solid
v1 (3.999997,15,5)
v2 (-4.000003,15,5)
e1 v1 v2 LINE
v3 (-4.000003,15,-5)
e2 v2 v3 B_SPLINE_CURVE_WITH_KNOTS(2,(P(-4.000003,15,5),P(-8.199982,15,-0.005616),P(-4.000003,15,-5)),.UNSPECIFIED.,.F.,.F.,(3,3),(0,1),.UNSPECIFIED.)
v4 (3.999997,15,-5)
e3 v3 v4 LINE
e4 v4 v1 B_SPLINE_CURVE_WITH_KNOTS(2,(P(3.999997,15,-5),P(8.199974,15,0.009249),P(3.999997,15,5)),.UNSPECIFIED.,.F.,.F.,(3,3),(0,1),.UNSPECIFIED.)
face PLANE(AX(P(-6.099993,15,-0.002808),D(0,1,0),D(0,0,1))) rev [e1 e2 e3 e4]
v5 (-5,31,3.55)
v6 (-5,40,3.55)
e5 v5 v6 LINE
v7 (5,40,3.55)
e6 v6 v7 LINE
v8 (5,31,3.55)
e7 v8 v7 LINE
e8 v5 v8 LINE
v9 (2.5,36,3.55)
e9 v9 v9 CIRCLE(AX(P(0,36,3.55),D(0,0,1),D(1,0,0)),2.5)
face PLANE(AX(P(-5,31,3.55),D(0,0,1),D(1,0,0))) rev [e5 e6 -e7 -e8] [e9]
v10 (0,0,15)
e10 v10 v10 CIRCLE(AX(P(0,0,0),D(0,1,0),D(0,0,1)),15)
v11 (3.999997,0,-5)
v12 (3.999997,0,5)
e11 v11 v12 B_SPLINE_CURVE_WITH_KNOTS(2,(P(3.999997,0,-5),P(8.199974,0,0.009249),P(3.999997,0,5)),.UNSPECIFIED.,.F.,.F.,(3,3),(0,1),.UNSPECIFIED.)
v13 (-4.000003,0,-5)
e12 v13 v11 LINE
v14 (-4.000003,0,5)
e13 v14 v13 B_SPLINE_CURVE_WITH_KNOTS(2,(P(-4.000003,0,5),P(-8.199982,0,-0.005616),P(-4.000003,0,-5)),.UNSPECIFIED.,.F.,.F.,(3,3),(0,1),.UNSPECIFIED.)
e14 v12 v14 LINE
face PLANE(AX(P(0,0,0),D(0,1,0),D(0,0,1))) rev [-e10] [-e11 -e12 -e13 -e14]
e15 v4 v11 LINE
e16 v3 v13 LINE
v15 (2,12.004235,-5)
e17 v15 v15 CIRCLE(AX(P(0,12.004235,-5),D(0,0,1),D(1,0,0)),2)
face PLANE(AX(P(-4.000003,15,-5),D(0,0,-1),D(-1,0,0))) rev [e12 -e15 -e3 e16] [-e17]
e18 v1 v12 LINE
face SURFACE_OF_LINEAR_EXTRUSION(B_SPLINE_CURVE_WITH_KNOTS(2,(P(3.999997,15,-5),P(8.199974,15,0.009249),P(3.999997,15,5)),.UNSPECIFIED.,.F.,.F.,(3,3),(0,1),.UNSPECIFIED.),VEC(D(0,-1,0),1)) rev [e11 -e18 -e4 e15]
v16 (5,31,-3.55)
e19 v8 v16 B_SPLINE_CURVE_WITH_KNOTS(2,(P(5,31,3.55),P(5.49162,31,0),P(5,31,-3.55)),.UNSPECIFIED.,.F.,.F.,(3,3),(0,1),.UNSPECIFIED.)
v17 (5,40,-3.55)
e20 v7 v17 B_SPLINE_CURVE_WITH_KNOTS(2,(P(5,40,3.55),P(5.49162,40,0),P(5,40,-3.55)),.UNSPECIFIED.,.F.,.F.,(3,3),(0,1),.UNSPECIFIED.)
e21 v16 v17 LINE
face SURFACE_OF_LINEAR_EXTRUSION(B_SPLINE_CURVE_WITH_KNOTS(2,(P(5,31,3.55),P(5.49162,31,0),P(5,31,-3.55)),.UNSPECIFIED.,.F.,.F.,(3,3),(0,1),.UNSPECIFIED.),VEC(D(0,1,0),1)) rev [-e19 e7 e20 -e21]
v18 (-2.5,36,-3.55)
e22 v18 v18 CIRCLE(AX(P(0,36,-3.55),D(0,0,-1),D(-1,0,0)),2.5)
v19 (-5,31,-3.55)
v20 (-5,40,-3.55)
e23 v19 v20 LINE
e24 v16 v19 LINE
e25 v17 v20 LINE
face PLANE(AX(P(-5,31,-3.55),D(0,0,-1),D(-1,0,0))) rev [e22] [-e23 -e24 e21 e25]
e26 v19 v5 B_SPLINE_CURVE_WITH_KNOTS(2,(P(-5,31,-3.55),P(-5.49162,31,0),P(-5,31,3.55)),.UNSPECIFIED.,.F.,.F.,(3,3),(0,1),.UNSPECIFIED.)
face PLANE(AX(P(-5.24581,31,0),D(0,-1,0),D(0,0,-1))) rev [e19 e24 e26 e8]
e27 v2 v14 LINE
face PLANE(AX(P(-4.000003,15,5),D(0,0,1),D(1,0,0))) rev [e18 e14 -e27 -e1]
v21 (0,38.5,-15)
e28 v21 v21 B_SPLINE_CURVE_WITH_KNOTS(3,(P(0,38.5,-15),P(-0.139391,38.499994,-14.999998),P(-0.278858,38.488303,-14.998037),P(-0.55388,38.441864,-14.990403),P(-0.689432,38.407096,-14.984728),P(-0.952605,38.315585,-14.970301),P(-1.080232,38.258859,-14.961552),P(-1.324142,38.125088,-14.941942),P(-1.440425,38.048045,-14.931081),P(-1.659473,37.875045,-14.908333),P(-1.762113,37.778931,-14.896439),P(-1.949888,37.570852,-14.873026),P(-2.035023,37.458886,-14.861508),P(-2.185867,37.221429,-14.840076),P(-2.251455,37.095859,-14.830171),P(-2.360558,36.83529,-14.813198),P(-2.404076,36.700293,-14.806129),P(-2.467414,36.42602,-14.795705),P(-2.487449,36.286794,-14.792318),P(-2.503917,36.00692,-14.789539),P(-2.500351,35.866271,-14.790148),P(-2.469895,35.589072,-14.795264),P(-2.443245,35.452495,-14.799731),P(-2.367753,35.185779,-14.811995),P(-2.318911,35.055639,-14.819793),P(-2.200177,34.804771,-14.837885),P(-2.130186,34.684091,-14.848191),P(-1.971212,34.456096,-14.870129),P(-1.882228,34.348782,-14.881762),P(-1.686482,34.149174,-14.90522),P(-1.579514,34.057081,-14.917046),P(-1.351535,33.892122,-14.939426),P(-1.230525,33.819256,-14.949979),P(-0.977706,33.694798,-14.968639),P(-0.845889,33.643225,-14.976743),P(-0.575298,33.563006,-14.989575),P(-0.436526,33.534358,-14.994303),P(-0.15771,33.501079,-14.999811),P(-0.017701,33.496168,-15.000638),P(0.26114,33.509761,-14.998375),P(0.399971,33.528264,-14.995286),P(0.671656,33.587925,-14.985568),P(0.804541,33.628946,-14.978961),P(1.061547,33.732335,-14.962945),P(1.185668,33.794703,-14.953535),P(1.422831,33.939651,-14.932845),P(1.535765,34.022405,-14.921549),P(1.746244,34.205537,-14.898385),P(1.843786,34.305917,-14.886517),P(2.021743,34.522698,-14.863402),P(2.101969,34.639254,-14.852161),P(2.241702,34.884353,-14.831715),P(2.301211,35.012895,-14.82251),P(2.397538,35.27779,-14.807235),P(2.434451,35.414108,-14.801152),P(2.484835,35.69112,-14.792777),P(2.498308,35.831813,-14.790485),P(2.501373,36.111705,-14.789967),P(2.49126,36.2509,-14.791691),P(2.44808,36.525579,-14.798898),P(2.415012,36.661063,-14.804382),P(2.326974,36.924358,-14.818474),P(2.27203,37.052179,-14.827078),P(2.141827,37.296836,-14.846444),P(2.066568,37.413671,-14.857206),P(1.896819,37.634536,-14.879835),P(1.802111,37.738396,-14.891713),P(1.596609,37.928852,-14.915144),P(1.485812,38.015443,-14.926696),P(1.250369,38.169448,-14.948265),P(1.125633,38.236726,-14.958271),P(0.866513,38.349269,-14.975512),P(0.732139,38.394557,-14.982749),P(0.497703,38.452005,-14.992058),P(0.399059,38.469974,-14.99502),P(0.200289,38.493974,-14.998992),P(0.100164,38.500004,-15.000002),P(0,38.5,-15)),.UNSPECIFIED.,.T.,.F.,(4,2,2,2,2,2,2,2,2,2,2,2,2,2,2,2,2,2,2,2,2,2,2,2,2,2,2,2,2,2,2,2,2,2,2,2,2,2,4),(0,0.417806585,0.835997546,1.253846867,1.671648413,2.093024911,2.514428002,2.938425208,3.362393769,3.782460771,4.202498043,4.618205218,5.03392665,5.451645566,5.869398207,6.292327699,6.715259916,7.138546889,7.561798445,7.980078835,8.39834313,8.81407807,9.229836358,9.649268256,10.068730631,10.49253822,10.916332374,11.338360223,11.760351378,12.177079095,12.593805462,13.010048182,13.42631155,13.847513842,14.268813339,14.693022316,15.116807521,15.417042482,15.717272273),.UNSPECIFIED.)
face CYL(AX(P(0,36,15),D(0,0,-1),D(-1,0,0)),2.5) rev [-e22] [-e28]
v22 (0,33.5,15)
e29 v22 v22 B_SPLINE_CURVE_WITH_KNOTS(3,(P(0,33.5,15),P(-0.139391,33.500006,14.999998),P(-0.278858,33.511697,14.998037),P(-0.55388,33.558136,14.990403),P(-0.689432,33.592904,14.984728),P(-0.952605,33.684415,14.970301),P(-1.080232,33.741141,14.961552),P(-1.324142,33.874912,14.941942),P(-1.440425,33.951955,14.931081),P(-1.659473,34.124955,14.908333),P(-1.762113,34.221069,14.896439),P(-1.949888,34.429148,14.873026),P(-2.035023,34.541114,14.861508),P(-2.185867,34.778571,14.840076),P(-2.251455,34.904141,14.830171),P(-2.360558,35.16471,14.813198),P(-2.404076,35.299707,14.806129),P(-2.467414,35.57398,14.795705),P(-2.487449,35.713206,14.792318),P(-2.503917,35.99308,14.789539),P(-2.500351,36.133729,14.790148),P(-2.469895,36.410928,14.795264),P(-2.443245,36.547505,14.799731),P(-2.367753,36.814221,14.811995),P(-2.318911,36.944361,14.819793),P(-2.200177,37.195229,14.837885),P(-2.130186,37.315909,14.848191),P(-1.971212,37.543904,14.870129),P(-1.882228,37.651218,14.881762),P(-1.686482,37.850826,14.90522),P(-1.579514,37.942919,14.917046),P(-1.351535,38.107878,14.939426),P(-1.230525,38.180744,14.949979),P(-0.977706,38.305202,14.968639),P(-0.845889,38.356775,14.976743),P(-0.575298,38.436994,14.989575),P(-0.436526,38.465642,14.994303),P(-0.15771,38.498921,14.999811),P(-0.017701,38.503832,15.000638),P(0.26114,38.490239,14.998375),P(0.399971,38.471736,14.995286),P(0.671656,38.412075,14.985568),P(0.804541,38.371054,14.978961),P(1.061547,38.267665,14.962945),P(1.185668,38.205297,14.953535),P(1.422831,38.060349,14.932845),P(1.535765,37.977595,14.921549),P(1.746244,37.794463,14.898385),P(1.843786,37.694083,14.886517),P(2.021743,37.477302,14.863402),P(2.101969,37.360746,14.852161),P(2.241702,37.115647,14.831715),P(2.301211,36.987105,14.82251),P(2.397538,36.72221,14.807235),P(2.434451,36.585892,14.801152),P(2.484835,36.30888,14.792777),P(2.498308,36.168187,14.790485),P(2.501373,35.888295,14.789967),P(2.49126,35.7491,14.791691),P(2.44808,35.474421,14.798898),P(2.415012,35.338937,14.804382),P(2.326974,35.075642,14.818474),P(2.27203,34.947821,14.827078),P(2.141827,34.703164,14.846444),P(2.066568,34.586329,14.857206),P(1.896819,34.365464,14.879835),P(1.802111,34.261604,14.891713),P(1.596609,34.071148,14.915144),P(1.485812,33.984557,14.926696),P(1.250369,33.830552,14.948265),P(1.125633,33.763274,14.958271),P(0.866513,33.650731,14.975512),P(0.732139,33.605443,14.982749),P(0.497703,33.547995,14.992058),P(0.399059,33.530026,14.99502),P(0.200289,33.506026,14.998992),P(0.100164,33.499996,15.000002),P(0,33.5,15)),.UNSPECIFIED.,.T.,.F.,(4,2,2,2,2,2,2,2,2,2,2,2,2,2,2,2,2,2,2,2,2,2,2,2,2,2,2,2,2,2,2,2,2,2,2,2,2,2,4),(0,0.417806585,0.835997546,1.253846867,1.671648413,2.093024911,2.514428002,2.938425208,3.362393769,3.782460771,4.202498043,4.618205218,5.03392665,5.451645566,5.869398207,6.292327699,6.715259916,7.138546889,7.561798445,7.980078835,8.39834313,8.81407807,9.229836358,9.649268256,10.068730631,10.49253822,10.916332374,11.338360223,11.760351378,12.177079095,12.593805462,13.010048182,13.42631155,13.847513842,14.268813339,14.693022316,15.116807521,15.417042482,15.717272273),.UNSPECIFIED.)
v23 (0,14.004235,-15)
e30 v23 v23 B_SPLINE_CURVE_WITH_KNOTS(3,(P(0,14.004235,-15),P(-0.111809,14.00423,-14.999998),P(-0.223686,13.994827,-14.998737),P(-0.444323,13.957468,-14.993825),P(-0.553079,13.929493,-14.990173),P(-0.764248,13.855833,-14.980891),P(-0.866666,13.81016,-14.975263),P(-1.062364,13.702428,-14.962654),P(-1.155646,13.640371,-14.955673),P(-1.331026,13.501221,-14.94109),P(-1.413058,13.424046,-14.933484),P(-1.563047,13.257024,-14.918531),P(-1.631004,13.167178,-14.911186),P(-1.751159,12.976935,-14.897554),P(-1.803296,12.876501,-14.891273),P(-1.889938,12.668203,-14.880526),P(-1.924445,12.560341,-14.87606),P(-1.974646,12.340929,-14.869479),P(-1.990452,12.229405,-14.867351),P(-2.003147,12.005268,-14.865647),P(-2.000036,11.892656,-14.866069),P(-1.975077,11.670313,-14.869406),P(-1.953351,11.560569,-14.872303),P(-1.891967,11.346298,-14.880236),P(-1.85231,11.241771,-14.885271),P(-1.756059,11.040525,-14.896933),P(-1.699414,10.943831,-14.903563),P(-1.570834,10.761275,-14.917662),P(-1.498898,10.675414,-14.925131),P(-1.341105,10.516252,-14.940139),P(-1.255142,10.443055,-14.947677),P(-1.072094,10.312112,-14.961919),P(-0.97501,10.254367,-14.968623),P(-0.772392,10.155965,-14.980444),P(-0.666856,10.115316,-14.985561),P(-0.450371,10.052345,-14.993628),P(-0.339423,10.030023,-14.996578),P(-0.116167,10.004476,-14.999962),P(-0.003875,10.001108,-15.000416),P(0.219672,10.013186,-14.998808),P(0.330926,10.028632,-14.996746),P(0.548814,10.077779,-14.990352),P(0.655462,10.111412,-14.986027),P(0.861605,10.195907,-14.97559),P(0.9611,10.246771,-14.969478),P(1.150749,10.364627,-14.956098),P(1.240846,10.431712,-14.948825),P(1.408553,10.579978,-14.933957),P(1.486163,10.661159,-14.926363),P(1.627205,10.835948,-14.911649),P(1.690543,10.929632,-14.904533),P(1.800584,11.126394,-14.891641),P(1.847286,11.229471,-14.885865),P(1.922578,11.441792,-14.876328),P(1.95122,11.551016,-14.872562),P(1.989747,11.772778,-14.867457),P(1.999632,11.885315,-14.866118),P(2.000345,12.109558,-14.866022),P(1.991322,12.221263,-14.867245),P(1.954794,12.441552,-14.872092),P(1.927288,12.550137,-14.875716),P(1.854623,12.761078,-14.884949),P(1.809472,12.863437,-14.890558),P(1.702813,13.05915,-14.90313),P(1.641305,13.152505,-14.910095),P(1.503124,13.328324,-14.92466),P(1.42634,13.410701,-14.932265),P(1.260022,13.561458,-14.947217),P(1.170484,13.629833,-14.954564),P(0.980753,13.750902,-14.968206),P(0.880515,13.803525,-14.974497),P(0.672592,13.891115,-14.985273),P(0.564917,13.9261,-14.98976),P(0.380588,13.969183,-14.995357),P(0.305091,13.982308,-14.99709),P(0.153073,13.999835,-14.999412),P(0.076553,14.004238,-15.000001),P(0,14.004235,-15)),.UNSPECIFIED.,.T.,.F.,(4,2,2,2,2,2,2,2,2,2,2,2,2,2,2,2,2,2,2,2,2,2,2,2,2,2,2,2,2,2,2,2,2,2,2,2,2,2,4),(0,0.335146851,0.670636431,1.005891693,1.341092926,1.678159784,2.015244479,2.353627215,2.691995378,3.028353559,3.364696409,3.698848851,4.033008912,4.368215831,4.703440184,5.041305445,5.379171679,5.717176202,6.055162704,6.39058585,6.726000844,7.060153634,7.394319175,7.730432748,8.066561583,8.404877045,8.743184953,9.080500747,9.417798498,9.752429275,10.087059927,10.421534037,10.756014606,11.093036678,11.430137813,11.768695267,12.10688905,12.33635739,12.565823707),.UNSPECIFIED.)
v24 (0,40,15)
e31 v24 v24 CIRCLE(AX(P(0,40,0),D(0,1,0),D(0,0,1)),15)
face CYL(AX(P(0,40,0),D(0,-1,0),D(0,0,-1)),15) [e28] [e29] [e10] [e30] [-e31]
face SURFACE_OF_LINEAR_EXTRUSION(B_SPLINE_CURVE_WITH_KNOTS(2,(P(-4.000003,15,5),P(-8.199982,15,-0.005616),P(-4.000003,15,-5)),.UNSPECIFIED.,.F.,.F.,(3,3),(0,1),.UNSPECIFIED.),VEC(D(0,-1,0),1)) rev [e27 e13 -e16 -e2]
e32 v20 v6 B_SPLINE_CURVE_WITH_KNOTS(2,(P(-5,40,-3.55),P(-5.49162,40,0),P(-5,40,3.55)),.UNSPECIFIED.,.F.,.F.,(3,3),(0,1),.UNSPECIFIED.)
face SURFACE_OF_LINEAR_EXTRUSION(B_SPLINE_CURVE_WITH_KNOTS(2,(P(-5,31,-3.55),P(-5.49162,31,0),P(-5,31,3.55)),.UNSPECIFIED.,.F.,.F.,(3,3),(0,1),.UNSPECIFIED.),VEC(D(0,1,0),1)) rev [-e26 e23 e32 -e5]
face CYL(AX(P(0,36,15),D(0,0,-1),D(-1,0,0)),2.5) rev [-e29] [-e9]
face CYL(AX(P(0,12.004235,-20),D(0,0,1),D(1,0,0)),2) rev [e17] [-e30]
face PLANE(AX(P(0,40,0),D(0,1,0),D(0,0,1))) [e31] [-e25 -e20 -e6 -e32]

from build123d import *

# Parameters (mm, degrees)
SKETCH1_R               = 15
BOSS_EXTRUDE1_DEPTH     = 40
CUT_EXTRUDE1_DEPTH      = 15
SKETCH3_R               = 2
CUT_EXTRUDE2_DEPTH      = 15
CUT_EXTRUDE3_DEPTH      = 9
SKETCH5_R               = 2.5
CUT_EXTRUDE4_DEPTH      = 19.550000101
CUT_EXTRUDE4_DEPTH_BACK = 12.4500001


with BuildPart() as part:
    # Sketch1 → Boss-Extrude1 (new body)
    with BuildSketch(Plane(origin=(0, 0, 0), x_dir=(1, 0, 0), z_dir=(0, 1, 0))):
        Circle(SKETCH1_R)
    extrude(amount=BOSS_EXTRUDE1_DEPTH)

    # Sketch2 → Cut-Extrude1 (cut)
    with BuildSketch(Plane.XZ):
        with BuildLine():
            Line((-4.000002932, 5), (3.999997068, 5))
            add(Edge.make_bspline(
                [(3.999997068, 5), (8.199974497, 0.009249301), (3.999997068, -5)],
                knots=[0, 0, 0, 1, 1, 1], degree=2))
            Line((3.999997068, -5), (-4.000002932, -5))
            add(Edge.make_bspline(
                [(-4.000002932, 5), (-8.199982148, -0.00561634), (-4.000002932, -5)],
                knots=[0, 0, 0, 1, 1, 1], degree=2))
        make_face()
    extrude(amount=-CUT_EXTRUDE1_DEPTH, mode=Mode.SUBTRACT)

    # Sketch3 → Cut-Extrude2 (cut)
    with BuildSketch(Plane.XY.offset(-5)):
        with Locations((0, 12.004234523)):
            Circle(SKETCH3_R)
    extrude(amount=-CUT_EXTRUDE2_DEPTH, mode=Mode.SUBTRACT)

    # Sketch4 → Cut-Extrude3 (cut)
    with BuildSketch(Plane(origin=(0, 40, 0), x_dir=(1, 0, 0), z_dir=(0, 1, 0))):
        with BuildLine():
            Line((-5, 3.55), (5, 3.55))
            add(Edge.make_bspline(
                [(5, 3.55), (5.491620402, 0), (5, -3.55)],
                knots=[0, 0, 0, 1, 1, 1], degree=2))
            Line((5, -3.55), (-5, -3.55))
            add(Edge.make_bspline(
                [(-5, 3.55), (-5.491620402, 0), (-5, -3.55)],
                knots=[0, 0, 0, 1, 1, 1], degree=2))
        make_face()
    extrude(amount=-CUT_EXTRUDE3_DEPTH, mode=Mode.SUBTRACT)

    # Sketch5 → Cut-Extrude4 (cut, two sides)
    with BuildSketch(Plane(origin=(0, 0, 3.55), x_dir=(-1, 0, 0), z_dir=(0, 0, -1))) as cut_extrude4_sk:
        with Locations((0, 36)):
            Circle(SKETCH5_R)
    extrude(amount=CUT_EXTRUDE4_DEPTH, mode=Mode.SUBTRACT)
    extrude(cut_extrude4_sk.sketch, amount=-CUT_EXTRUDE4_DEPTH_BACK, mode=Mode.SUBTRACT)


solid = part.part
